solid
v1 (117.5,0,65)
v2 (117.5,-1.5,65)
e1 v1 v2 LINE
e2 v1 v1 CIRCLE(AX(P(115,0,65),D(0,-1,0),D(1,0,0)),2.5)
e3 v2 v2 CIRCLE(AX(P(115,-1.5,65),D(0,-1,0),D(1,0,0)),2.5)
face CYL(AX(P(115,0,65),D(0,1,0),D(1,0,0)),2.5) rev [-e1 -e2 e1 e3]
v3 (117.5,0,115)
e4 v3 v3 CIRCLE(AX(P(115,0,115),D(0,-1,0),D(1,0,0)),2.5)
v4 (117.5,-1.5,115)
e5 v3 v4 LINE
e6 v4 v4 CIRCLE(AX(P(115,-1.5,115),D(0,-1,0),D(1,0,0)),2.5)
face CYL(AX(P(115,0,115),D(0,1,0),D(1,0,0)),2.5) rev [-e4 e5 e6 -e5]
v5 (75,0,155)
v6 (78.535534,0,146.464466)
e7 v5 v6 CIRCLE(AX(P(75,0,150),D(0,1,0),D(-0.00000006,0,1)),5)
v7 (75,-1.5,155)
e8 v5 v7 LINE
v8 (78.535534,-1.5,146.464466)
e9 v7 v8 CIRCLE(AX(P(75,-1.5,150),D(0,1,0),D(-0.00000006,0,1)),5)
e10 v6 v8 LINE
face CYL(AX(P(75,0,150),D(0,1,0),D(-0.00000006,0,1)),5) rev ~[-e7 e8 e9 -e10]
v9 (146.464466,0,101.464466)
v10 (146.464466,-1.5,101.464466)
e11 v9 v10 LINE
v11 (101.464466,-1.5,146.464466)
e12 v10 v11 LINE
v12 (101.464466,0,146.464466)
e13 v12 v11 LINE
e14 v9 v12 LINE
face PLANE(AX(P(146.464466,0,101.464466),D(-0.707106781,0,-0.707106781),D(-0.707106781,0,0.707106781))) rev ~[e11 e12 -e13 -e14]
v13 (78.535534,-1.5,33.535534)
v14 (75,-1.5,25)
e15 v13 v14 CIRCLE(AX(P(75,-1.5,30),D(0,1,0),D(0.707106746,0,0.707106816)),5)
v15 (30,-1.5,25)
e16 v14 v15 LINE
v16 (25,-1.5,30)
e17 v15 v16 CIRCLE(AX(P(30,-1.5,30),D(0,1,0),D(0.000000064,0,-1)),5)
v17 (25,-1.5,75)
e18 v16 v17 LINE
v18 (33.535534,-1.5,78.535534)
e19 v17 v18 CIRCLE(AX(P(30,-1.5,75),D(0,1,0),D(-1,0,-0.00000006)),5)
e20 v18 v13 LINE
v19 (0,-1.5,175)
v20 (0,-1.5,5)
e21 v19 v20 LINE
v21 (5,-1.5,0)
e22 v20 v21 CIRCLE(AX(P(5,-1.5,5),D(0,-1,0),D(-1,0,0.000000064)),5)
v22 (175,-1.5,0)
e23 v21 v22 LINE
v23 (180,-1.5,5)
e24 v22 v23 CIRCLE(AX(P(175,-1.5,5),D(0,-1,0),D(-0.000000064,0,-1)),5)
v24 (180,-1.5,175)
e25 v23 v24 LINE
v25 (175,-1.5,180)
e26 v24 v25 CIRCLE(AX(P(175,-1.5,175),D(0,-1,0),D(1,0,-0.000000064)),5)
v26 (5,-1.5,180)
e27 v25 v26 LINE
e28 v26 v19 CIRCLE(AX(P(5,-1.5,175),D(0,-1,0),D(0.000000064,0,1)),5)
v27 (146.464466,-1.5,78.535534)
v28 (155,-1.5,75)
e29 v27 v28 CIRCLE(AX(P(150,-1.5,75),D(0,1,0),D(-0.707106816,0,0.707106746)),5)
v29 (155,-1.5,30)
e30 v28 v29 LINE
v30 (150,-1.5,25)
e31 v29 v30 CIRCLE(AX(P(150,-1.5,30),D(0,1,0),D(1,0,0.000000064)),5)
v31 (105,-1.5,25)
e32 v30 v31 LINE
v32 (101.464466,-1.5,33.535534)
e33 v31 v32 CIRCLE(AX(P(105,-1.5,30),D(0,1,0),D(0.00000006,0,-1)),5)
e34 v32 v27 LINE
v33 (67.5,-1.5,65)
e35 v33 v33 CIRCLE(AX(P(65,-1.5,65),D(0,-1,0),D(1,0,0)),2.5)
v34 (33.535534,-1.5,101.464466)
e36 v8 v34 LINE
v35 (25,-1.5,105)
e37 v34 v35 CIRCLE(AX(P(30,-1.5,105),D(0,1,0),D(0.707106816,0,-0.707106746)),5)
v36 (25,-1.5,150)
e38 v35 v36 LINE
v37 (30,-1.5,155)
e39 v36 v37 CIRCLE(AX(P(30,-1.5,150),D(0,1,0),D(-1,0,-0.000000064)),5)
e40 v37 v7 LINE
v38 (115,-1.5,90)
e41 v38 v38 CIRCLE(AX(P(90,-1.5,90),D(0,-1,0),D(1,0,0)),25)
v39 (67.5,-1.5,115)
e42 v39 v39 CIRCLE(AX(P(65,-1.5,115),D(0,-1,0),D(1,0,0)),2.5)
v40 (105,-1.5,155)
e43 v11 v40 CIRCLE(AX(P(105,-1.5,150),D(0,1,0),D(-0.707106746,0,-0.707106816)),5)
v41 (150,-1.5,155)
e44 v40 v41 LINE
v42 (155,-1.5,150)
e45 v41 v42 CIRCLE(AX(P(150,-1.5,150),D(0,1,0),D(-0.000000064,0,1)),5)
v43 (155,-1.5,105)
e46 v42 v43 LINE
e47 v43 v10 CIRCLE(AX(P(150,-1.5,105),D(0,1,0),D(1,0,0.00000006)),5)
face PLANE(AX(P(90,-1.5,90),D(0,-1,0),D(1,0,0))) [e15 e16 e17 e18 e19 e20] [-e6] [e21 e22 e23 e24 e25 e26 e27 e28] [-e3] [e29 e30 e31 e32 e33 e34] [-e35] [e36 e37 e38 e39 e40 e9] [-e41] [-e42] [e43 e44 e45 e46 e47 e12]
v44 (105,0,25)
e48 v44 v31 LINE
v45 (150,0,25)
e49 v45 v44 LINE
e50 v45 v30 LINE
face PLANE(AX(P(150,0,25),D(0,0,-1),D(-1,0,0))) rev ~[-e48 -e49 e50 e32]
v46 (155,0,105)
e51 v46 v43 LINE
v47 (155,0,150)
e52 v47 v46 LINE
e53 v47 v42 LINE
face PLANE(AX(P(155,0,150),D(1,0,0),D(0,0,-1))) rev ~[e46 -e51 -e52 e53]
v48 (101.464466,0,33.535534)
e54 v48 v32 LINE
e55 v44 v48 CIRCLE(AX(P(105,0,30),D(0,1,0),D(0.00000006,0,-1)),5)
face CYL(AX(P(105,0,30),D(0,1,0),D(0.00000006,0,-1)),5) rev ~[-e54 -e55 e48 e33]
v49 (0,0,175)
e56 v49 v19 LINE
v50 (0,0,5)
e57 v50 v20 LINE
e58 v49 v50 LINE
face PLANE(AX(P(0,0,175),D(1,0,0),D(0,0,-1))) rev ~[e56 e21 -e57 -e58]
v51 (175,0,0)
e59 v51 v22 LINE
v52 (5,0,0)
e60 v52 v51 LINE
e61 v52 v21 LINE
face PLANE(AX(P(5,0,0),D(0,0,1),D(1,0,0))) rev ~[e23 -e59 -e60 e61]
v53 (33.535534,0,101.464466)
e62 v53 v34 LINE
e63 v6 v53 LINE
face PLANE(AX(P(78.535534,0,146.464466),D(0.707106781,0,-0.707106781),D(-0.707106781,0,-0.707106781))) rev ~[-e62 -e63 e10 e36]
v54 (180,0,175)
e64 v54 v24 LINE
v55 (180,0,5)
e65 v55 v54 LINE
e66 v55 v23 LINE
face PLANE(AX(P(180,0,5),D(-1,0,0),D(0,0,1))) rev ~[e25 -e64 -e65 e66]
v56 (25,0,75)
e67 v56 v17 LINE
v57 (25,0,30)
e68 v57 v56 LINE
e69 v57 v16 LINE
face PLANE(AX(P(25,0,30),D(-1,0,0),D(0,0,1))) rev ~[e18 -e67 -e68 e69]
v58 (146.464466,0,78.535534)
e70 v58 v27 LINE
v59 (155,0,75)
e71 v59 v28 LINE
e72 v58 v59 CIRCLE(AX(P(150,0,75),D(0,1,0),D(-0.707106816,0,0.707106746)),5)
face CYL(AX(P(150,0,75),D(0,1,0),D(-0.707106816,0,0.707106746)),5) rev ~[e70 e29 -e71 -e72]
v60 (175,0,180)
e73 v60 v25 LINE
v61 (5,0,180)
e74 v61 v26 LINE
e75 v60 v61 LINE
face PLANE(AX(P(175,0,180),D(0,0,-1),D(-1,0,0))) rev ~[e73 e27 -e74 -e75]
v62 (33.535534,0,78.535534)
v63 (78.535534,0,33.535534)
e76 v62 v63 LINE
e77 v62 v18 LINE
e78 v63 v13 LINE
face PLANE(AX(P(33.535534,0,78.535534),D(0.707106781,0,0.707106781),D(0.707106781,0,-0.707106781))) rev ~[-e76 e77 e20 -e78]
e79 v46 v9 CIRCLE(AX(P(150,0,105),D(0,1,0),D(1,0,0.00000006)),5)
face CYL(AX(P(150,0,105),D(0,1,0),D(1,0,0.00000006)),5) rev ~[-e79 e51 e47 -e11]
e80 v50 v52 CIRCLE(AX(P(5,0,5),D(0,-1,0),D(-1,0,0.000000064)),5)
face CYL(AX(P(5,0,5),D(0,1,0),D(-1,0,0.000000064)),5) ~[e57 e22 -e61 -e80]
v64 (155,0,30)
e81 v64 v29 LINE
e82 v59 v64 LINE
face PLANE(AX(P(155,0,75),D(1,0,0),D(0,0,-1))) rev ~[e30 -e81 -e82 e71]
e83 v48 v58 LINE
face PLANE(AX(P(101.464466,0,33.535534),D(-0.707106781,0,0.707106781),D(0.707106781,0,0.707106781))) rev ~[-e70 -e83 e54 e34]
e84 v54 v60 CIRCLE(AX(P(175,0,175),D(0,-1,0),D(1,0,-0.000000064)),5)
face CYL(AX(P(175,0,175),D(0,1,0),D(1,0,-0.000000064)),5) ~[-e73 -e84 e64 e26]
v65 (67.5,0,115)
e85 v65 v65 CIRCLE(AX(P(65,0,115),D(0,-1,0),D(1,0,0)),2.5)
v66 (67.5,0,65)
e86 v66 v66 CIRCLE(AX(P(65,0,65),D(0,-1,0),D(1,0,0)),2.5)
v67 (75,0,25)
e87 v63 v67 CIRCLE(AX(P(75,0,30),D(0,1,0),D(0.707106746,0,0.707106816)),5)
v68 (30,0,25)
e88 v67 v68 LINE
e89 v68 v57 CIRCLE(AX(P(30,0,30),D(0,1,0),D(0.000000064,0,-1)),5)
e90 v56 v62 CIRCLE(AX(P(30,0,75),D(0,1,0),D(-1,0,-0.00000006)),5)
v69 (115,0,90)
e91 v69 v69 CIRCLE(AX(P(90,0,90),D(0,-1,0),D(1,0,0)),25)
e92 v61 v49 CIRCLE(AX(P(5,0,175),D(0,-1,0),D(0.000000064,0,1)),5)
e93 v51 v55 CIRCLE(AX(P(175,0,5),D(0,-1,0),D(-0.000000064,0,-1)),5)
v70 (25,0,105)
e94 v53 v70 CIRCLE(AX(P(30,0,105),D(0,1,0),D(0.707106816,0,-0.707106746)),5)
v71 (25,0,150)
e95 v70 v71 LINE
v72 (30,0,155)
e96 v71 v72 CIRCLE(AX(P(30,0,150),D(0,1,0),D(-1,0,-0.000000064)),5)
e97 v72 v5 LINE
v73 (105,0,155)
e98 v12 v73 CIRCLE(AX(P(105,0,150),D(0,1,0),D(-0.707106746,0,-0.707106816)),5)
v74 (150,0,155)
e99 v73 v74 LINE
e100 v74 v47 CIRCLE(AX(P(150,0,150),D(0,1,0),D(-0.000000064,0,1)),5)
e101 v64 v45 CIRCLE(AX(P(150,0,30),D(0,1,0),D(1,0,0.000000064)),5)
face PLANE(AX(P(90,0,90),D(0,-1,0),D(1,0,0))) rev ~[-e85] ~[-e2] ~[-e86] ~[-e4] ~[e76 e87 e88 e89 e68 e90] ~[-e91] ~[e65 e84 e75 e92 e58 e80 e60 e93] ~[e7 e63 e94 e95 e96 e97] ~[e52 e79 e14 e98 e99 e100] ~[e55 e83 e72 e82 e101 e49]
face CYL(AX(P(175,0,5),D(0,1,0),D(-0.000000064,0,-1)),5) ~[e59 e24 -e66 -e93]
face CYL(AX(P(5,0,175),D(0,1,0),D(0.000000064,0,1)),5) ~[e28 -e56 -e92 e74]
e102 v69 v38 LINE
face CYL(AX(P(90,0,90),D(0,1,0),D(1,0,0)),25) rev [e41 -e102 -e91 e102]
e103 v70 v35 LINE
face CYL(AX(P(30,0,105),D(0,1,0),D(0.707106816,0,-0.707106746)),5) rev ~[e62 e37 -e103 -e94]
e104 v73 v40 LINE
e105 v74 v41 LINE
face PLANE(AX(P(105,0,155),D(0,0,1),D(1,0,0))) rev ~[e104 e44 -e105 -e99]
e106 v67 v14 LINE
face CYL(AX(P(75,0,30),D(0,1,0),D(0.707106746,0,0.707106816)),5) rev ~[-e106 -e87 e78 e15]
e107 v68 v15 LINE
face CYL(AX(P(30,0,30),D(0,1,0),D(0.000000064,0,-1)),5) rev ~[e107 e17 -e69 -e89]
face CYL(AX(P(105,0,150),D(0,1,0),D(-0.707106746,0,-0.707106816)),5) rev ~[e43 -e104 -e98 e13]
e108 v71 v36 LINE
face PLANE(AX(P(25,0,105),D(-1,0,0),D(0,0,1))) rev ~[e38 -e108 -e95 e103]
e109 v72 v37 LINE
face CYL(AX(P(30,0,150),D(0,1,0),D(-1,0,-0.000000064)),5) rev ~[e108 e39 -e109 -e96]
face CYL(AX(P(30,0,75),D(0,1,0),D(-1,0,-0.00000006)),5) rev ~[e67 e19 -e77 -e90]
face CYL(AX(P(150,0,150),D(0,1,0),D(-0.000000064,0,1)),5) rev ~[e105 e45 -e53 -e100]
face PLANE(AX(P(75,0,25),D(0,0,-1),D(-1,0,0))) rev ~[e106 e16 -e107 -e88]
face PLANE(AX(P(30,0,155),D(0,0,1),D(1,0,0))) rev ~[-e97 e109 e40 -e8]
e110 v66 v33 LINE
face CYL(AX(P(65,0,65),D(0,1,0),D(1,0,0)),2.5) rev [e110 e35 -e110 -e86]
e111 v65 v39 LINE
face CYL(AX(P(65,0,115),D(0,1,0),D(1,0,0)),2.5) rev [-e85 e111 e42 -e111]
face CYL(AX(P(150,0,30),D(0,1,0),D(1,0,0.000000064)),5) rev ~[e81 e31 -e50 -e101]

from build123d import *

# Parameters (mm, degrees)
F0_R     = 2.5
F0_R_2   = 25
F1_DEPTH = 1.5


with BuildPart() as f1:
    # F0 (on Front) → F1 (new body)
    with BuildSketch(Plane.XZ):
        with BuildLine():
            ThreePointArc((0, 5), (1.464466, 1.464466), (5, 0))
            Line((5, 0), (175, 0))
            ThreePointArc((175, 0), (178.535534, 1.464466), (180, 5))
            Line((180, 5), (180, 175))
            ThreePointArc((180, 175), (178.535534, 178.535534), (175, 180))
            Line((175, 180), (5, 180))
            ThreePointArc((5, 180), (1.464466, 178.535534), (0, 175))
            Line((0, 175), (0, 5))
        make_face()
        with BuildLine():
            ThreePointArc((25, 75), (28.086583, 79.619398), (33.535534, 78.535534))
            Line((33.535534, 78.535534), (78.535534, 33.535534))
            ThreePointArc((78.535534, 33.535534), (79.619398, 28.086583), (75, 25))
            Line((75, 25), (30, 25))
            ThreePointArc((30, 25), (26.464466, 26.464466), (25, 30))
            Line((25, 30), (25, 75))
        make_face(mode=Mode.SUBTRACT)
        with Locations((65, 65)):
            Circle(F0_R, mode=Mode.SUBTRACT)
        with BuildLine():
            Line((101.464466, 33.535534), (146.464466, 78.535534))
            ThreePointArc((146.464466, 78.535534), (151.913417, 79.619398), (155, 75))
            Line((155, 75), (155, 30))
            ThreePointArc((155, 30), (153.535534, 26.464466), (150, 25))
            Line((150, 25), (105, 25))
            ThreePointArc((105, 25), (100.380602, 28.086583), (101.464466, 33.535534))
        make_face(mode=Mode.SUBTRACT)
        with Locations((115, 65)):
            Circle(F0_R, mode=Mode.SUBTRACT)
        with Locations((65, 115)):
            Circle(F0_R, mode=Mode.SUBTRACT)
        with BuildLine():
            ThreePointArc((25, 150), (26.464466, 153.535534), (30, 155))
            Line((30, 155), (75, 155))
            ThreePointArc((75, 155), (79.619398, 151.913417), (78.535534, 146.464466))
            Line((78.535534, 146.464466), (33.535534, 101.464466))
            ThreePointArc((33.535534, 101.464466), (28.086583, 100.380602), (25, 105))
            Line((25, 105), (25, 150))
        make_face(mode=Mode.SUBTRACT)
        with Locations((90, 90)):
            Circle(F0_R_2, mode=Mode.SUBTRACT)
        with Locations((115, 115)):
            Circle(F0_R, mode=Mode.SUBTRACT)
        with BuildLine():
            ThreePointArc((155, 105), (151.913417, 100.380602), (146.464466, 101.464466))
            Line((146.464466, 101.464466), (101.464466, 146.464466))
            ThreePointArc((101.464466, 146.464466), (100.380602, 151.913417), (105, 155))
            Line((105, 155), (150, 155))
            ThreePointArc((150, 155), (153.535534, 153.535534), (155, 150))
            Line((155, 150), (155, 105))
        make_face(mode=Mode.SUBTRACT)
    extrude(amount=F1_DEPTH)


solid = f1.part
